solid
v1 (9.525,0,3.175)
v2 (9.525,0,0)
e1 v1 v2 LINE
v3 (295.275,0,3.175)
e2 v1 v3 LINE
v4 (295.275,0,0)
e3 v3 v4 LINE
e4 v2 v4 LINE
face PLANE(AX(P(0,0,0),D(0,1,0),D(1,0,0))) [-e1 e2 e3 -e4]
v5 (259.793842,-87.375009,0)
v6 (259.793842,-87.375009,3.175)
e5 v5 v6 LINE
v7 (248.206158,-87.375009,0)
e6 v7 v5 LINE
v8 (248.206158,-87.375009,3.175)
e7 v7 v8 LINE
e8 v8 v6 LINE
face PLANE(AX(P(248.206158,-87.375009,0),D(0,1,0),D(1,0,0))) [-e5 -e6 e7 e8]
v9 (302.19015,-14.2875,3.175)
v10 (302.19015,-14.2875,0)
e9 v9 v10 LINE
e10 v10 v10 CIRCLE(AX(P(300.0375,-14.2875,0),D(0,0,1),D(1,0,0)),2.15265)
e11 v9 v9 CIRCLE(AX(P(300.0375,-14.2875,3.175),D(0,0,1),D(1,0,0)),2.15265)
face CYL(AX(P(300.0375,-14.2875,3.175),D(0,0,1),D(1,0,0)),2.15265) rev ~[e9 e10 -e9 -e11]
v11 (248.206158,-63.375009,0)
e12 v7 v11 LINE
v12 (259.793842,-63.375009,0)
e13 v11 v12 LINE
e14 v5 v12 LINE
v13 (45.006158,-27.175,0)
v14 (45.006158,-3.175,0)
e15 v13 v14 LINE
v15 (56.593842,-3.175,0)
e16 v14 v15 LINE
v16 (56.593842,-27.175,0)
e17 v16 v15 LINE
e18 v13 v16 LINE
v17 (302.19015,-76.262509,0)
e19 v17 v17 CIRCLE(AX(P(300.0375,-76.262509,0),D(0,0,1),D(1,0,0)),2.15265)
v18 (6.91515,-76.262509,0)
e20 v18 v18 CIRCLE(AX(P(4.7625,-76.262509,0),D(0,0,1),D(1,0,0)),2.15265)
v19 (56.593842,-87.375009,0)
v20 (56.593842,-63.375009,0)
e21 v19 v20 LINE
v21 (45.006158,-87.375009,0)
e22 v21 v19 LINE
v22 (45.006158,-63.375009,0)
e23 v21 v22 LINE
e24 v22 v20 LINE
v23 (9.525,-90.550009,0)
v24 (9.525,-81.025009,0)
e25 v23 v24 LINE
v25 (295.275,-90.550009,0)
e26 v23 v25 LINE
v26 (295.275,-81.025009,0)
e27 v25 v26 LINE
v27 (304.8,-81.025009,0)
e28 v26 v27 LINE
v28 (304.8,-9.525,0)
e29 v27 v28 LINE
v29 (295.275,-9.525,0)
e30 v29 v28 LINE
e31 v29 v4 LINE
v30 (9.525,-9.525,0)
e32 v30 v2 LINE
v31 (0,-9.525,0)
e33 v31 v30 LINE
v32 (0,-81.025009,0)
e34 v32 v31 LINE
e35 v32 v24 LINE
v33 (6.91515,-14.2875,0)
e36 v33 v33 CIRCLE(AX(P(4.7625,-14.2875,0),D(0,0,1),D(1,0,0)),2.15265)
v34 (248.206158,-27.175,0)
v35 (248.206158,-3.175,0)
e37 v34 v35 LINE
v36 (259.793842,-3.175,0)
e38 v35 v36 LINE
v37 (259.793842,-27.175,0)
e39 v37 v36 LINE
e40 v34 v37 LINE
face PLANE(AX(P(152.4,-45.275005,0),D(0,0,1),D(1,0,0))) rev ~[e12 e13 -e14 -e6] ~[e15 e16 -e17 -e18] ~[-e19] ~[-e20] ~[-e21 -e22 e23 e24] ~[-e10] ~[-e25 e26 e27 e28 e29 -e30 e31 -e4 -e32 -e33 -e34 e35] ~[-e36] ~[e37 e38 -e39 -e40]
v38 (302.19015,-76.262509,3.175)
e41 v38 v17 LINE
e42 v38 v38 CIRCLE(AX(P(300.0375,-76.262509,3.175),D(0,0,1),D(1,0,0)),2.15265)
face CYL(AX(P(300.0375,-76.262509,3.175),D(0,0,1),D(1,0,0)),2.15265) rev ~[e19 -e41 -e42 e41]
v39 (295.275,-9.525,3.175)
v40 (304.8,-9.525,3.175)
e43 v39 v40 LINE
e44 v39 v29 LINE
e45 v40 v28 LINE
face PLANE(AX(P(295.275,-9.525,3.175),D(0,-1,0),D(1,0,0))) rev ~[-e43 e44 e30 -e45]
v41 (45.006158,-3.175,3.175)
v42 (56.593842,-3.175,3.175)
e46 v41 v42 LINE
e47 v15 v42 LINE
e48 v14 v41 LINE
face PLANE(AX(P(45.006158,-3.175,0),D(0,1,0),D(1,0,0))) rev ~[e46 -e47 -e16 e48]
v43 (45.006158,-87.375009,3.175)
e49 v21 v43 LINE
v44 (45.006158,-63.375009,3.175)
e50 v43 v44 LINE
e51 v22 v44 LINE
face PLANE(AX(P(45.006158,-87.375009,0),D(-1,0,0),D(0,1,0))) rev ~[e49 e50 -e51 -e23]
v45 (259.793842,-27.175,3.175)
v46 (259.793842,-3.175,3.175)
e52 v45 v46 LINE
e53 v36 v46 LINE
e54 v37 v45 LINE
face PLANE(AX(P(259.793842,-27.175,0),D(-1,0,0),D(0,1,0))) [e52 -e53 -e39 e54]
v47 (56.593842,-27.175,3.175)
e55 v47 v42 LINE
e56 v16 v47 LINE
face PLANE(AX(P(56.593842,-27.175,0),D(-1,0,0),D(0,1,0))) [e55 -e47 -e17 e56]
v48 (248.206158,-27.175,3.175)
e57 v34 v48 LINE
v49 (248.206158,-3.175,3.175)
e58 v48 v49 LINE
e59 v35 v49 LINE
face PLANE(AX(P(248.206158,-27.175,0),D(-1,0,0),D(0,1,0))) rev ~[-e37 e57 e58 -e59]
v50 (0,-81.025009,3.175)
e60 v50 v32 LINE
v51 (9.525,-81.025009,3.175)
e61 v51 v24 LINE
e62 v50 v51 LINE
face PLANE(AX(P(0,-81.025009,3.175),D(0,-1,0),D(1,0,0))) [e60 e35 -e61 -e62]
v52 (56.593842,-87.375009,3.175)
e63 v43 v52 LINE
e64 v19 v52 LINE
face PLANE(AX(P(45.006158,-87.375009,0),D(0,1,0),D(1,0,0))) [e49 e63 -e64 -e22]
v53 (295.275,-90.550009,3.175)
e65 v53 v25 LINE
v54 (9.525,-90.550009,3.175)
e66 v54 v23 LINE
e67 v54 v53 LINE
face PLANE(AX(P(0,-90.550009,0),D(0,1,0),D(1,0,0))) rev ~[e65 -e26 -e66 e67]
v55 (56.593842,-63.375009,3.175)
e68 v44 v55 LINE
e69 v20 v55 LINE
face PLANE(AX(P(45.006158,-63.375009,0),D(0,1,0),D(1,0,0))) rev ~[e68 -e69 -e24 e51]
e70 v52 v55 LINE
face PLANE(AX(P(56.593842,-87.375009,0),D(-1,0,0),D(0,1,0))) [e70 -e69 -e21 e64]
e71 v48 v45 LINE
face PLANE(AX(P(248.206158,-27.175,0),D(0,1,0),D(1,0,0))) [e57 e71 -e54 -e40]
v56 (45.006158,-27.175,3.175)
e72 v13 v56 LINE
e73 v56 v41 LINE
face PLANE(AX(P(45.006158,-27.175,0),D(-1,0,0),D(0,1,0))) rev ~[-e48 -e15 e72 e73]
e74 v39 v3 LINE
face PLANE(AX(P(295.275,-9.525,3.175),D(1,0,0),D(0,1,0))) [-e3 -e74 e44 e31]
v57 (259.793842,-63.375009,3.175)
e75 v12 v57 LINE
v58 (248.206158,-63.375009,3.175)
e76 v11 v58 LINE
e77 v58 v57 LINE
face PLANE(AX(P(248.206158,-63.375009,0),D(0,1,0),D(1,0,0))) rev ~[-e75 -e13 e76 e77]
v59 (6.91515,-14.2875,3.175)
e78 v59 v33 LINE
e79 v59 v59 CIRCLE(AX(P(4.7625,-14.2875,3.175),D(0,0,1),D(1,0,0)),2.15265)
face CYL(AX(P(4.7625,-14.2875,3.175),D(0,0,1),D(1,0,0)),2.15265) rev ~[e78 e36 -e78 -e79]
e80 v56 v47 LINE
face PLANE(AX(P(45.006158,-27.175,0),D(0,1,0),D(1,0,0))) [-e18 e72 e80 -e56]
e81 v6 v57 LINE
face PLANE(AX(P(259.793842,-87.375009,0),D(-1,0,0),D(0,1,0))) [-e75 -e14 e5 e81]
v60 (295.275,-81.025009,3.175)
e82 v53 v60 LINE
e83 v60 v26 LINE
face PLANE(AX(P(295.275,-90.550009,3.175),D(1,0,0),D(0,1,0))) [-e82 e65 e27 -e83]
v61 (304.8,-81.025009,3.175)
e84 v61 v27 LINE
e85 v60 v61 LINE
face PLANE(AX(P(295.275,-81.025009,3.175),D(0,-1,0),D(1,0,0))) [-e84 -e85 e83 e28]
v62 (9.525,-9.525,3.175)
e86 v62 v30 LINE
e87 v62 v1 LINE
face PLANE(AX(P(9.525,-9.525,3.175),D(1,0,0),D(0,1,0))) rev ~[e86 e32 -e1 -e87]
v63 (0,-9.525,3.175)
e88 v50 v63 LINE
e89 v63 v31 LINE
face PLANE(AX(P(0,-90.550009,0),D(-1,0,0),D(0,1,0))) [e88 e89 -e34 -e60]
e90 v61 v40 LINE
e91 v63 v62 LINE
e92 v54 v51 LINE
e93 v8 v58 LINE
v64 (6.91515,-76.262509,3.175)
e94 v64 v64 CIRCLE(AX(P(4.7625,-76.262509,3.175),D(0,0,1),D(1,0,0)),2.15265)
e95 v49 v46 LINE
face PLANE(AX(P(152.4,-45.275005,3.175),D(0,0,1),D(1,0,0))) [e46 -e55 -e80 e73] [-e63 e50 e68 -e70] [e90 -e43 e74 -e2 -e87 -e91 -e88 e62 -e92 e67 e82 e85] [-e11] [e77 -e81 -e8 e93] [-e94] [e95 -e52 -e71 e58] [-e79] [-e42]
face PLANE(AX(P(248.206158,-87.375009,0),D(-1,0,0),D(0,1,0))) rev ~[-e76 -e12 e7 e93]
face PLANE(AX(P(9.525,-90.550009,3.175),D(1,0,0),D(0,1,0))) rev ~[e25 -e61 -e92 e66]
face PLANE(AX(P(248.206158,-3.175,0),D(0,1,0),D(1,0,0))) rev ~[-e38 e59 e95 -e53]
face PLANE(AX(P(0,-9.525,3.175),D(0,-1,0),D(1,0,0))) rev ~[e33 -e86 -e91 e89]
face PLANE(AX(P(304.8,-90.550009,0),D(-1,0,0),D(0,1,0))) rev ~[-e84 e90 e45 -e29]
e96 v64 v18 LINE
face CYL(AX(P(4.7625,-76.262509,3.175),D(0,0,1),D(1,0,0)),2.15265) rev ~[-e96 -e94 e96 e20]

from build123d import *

# Parameters (mm, degrees)
F0_W     = 304.8
F0_H     = 90.5500094
F0_W_2   = 11.5876832
F0_H_2   = 24
F1_DEPTH = 3.175
F2_R     = 2.15265
F3_DEPTH = 3.175
F4_W     = 9.525
F4_H     = 9.525
F5_DEPTH = 3.175


with BuildPart() as f1:
    # F0 (on Top) → F1 (new body)
    with BuildSketch(Plane.XY):
        with Locations((152.4, -45.2750047)):
            Rectangle(F0_W, F0_H)
        with Locations((50.8, -75.3750094)):
            Rectangle(F0_W_2, F0_H_2, mode=Mode.SUBTRACT)
        with Locations((254, -75.3750094)):
            Rectangle(F0_W_2, F0_H_2, mode=Mode.SUBTRACT)
        with Locations((50.8, -15.175)):
            Rectangle(F0_W_2, F0_H_2, mode=Mode.SUBTRACT)
        with Locations((254, -15.175)):
            Rectangle(F0_W_2, F0_H_2, mode=Mode.SUBTRACT)
    extrude(amount=F1_DEPTH)

    # F2 (on face) → F3 (cut, through all)
    with BuildSketch(Plane.XY.offset(3.175)):
        with Locations((4.7625, -14.2875)):
            Circle(F2_R)
        with Locations((4.7625, -76.2625094)):
            Circle(F2_R)
        with Locations((300.0375, -76.2625094)):
            Circle(F2_R)
        with Locations((300.0375, -14.2875)):
            Circle(F2_R)
    extrude(amount=-F3_DEPTH, mode=Mode.SUBTRACT)

    # F4 (on face) → F5 (cut, through all)
    with BuildSketch(Plane.XY.offset(3.175)):
        with Locations((300.0375, -4.7625)):
            Rectangle(F4_W, F4_H)
        with Locations((300.0375, -85.7875094)):
            Rectangle(F4_W, F4_H)
        with Locations((4.7625, -85.7875094)):
            Rectangle(F4_W, F4_H)
        with Locations((4.7625, -4.7625)):
            Rectangle(F4_W, F4_H)
    extrude(amount=-F5_DEPTH, mode=Mode.SUBTRACT)


solid = f1.part
